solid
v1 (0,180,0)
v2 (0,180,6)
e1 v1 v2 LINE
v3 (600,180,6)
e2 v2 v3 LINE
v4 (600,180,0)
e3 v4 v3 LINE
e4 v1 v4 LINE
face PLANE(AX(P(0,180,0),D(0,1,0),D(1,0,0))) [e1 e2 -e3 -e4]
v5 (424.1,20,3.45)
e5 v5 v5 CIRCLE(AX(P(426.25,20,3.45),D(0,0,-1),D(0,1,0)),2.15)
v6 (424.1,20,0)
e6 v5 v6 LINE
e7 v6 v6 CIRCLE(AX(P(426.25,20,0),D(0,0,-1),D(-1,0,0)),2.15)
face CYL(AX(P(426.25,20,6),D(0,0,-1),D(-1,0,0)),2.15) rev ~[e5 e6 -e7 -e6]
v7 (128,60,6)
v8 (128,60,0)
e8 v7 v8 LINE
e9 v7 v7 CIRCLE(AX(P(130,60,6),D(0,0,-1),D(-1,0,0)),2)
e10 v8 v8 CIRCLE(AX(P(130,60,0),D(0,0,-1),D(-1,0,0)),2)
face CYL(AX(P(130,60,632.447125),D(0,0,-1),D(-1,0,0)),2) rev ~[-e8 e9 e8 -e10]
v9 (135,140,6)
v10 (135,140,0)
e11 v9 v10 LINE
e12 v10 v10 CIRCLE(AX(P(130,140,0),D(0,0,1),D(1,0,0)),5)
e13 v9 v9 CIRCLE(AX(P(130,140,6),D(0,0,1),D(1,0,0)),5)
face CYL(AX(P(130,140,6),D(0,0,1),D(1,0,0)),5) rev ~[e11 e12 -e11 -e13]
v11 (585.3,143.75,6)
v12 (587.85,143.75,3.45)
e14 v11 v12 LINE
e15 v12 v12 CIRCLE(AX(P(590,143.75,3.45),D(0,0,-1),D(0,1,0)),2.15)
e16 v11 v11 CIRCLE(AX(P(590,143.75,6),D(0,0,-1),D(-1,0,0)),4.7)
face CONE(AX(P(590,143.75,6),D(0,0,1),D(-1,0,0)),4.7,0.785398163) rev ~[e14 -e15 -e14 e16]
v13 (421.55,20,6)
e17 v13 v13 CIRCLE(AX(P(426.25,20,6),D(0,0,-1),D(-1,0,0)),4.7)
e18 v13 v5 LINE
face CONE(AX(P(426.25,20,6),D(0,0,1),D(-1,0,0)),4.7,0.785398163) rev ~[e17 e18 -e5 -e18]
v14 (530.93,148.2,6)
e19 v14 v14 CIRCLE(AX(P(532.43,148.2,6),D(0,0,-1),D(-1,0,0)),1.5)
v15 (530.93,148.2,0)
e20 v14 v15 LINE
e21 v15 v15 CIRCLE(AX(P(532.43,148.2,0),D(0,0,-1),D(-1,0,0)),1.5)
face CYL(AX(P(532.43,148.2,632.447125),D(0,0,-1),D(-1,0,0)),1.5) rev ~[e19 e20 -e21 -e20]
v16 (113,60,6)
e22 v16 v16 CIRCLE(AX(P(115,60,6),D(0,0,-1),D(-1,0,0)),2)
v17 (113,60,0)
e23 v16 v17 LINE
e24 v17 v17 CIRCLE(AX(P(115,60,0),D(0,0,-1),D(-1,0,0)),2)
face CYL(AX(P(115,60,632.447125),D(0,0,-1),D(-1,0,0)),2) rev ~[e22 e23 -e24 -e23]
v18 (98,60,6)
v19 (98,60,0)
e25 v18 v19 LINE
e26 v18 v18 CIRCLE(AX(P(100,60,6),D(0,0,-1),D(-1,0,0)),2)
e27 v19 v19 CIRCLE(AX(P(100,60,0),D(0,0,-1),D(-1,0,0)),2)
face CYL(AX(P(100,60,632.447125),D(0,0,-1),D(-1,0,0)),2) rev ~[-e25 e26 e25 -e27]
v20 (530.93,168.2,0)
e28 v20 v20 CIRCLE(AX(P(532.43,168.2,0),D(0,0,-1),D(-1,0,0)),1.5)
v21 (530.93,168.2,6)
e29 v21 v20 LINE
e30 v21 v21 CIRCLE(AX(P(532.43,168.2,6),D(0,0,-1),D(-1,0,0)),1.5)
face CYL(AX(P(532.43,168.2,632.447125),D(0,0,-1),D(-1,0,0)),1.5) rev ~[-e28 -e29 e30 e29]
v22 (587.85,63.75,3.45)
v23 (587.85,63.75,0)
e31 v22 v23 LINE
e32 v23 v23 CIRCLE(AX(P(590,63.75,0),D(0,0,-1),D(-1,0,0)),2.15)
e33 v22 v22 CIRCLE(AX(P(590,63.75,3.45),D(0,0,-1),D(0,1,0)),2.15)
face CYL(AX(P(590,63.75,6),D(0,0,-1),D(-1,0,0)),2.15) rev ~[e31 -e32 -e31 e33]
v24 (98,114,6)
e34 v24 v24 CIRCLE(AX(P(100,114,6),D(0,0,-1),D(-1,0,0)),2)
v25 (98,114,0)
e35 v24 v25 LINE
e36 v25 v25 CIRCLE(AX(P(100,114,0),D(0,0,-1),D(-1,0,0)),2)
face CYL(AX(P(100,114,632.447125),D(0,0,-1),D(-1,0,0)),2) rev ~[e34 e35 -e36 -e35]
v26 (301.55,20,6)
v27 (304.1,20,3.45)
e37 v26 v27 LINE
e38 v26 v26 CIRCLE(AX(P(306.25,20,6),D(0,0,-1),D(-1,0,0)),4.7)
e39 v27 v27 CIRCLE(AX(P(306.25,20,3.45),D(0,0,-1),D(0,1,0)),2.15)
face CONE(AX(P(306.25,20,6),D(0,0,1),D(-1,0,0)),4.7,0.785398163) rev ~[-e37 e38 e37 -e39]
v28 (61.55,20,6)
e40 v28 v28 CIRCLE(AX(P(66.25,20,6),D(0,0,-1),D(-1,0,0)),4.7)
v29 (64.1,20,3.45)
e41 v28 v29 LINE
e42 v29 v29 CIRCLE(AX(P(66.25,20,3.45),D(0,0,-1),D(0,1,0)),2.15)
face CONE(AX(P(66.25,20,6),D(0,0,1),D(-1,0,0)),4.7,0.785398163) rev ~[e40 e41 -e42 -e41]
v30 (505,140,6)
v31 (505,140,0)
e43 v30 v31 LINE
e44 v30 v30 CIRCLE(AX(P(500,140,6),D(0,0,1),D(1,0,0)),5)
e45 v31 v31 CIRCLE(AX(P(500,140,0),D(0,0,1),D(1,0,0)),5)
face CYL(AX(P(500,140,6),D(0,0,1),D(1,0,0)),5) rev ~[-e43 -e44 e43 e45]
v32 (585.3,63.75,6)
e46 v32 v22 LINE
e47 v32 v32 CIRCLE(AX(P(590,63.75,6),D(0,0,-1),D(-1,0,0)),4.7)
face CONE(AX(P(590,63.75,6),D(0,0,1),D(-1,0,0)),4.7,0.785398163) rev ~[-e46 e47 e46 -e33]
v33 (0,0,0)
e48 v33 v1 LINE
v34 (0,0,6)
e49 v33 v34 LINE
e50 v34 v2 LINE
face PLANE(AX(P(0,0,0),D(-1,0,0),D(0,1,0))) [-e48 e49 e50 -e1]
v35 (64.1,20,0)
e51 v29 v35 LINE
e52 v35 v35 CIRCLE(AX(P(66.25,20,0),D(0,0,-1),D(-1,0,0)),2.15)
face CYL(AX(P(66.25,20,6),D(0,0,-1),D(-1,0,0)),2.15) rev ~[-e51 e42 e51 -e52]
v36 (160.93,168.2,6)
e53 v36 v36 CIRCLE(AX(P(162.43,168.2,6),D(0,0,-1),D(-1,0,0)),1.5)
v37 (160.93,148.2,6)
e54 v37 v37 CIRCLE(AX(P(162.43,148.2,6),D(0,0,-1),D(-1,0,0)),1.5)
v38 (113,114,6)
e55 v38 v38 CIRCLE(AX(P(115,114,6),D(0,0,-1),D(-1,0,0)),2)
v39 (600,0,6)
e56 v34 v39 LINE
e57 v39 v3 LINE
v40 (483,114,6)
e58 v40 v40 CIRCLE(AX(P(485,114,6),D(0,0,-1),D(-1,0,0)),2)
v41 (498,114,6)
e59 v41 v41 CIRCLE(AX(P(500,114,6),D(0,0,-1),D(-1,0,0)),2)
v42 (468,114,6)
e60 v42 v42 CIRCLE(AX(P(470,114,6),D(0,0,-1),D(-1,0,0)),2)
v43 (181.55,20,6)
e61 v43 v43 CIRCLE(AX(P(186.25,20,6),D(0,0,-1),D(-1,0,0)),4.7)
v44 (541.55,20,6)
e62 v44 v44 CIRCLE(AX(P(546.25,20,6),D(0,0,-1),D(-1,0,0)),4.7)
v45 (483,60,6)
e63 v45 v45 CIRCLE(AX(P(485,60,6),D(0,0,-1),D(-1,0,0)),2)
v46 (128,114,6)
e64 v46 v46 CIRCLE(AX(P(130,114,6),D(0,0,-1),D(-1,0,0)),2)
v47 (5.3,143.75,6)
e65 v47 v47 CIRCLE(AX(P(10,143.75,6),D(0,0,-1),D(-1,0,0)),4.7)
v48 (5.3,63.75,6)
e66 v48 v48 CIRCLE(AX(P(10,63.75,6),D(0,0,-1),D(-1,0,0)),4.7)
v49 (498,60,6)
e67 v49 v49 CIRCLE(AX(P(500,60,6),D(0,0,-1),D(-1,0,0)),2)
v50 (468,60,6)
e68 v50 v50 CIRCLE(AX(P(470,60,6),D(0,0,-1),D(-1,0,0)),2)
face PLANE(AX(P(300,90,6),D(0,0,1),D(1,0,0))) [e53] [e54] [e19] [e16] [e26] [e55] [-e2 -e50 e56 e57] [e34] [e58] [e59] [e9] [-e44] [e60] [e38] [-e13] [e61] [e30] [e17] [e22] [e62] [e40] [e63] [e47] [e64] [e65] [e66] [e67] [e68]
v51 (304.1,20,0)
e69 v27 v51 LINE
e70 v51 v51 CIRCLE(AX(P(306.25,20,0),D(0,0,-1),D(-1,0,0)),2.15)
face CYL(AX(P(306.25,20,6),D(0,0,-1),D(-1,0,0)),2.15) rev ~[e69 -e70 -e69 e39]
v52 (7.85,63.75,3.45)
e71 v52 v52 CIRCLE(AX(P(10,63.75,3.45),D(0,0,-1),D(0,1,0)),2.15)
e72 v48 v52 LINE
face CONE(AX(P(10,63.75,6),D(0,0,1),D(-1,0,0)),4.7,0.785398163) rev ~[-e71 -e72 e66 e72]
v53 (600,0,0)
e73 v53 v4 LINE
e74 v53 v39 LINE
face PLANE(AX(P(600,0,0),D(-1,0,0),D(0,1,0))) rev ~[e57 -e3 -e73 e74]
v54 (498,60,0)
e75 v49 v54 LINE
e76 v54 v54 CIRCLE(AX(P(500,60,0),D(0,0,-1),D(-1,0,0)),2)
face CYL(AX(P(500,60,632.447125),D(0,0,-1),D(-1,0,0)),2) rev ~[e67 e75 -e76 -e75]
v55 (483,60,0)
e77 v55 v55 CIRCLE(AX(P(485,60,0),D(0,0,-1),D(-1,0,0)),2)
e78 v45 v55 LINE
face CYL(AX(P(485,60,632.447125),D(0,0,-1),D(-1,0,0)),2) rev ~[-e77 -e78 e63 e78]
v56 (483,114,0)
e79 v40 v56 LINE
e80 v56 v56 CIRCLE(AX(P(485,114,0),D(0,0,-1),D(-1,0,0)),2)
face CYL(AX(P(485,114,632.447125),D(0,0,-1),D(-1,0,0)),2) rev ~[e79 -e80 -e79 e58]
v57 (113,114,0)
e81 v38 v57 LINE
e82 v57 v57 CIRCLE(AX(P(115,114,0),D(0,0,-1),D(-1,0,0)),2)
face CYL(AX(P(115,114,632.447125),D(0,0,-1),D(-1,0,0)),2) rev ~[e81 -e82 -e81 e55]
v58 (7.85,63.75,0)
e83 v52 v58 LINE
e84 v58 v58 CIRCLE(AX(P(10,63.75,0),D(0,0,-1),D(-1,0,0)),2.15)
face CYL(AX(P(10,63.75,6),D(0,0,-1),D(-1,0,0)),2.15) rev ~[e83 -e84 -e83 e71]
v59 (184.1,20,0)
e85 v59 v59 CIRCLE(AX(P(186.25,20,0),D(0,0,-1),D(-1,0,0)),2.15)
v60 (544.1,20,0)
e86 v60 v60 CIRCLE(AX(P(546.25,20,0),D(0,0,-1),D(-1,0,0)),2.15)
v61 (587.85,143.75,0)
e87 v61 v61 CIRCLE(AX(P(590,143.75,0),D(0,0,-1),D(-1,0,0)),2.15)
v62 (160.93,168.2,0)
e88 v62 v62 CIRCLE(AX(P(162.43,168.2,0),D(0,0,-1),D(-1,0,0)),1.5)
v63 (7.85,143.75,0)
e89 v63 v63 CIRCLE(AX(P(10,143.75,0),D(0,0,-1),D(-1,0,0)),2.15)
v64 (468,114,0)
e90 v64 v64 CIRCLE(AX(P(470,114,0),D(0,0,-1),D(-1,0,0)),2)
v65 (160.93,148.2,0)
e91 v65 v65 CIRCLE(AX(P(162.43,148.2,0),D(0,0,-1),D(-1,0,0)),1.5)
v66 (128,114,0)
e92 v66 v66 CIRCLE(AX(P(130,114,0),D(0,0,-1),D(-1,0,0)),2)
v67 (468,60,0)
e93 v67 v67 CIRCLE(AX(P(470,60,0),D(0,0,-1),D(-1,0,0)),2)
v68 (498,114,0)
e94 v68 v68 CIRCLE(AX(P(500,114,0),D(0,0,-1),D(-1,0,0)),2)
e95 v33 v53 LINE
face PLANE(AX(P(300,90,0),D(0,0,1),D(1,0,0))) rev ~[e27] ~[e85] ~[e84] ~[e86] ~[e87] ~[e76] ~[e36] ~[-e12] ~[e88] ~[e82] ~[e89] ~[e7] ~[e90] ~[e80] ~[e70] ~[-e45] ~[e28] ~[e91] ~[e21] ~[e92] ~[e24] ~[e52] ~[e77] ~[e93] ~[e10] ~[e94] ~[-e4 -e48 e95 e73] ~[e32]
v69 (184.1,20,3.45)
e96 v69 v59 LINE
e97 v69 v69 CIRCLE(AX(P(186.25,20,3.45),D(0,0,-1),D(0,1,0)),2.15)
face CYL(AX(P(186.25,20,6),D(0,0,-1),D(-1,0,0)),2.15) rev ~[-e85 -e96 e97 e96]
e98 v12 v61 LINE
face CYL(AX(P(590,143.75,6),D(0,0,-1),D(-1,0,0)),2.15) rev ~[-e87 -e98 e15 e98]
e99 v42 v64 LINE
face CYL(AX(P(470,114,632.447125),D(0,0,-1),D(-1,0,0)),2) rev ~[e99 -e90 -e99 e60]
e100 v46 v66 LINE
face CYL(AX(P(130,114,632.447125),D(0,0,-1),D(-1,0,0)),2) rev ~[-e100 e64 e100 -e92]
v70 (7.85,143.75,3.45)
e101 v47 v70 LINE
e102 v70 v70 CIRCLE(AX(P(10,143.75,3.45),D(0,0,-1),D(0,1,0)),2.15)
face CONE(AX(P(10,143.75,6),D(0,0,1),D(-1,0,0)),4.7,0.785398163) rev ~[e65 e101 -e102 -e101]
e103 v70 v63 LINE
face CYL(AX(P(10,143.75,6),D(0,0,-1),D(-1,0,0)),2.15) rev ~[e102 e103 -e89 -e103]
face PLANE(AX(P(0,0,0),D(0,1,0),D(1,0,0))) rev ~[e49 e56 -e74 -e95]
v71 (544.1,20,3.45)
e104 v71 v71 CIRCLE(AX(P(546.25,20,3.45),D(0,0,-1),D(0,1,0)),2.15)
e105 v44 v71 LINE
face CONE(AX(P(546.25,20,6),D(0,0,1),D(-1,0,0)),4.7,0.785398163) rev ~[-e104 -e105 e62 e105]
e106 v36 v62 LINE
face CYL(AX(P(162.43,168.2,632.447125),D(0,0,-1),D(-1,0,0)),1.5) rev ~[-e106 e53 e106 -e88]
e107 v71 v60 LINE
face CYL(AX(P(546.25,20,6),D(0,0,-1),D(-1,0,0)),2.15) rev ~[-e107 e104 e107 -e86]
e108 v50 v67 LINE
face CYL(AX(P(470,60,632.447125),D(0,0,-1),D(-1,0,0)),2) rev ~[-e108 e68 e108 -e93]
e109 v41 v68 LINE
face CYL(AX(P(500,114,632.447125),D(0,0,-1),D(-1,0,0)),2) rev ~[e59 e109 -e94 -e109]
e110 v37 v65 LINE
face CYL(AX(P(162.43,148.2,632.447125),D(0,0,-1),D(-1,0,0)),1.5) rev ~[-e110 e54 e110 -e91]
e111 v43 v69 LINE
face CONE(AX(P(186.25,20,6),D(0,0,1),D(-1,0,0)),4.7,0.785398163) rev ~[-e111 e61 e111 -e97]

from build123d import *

# Parameters (mm, degrees)
SKETCH1_W                                       = 600
SKETCH1_H                                       = 180
BOSS_EXTRUDE1_DEPTH                             = 6
CSK_FOR_M4_FLAT_HEAD_MACHINE_SCREW1_D           = 4.3
CSK_FOR_M4_FLAT_HEAD_MACHINE_SCREW1_CSINK_D     = 9.4
CSK_FOR_M4_FLAT_HEAD_MACHINE_SCREW1_CSINK_ANGLE = 90
F_4_0MM_DOWEL_HOLE1_D                           = 4
F_3_0MM_DOWEL_HOLE1_D                           = 3
SKETCH8_R                                       = 5
CUT_EXTRUDE1_DEPTH                              = 10


with BuildPart() as part:
    # Sketch1 → Boss-Extrude1 (new body)
    with BuildSketch(Plane.XY):
        with Locations((300, 90)):
            Rectangle(SKETCH1_W, SKETCH1_H)
    extrude(amount=BOSS_EXTRUDE1_DEPTH)

    # CSK for M4 Flat Head Machine Screw1 (through all)
    with Locations(Plane.XY.offset(6)):
        with Locations((546.25, 20), (590, 63.75), (426.25, 20), (306.25, 20), (186.25, 20), (66.25, 20), (10, 63.75), (590, 143.75), (10, 143.75)):
            CounterSinkHole(CSK_FOR_M4_FLAT_HEAD_MACHINE_SCREW1_D / 2, CSK_FOR_M4_FLAT_HEAD_MACHINE_SCREW1_CSINK_D / 2, counter_sink_angle=CSK_FOR_M4_FLAT_HEAD_MACHINE_SCREW1_CSINK_ANGLE)

    # Ø4.0mm Dowel Hole1 (through all)
    with Locations(Plane.XY.offset(6)):
        with Locations((500, 60), (485, 60), (470, 60), (485, 114), (470, 114), (500, 114), (130, 114), (115, 114), (100, 114), (130, 60), (115, 60), (100, 60)):
            Hole(F_4_0MM_DOWEL_HOLE1_D / 2)

    # Ø3.0mm Dowel Hole1 (through all)
    with Locations(Plane.XY.offset(6)):
        with Locations((532.43, 148.2), (532.43, 168.2), (162.43, 148.2), (162.43, 168.2)):
            Hole(F_3_0MM_DOWEL_HOLE1_D / 2)

    # Sketch8 → Cut-Extrude1 (cut)
    with BuildSketch(Plane.XY.offset(6)):
        with Locations((500, 140)):
            Circle(SKETCH8_R)
        with Locations((130, 140)):
            Circle(SKETCH8_R)
    extrude(amount=-CUT_EXTRUDE1_DEPTH, mode=Mode.SUBTRACT)


solid = part.part
